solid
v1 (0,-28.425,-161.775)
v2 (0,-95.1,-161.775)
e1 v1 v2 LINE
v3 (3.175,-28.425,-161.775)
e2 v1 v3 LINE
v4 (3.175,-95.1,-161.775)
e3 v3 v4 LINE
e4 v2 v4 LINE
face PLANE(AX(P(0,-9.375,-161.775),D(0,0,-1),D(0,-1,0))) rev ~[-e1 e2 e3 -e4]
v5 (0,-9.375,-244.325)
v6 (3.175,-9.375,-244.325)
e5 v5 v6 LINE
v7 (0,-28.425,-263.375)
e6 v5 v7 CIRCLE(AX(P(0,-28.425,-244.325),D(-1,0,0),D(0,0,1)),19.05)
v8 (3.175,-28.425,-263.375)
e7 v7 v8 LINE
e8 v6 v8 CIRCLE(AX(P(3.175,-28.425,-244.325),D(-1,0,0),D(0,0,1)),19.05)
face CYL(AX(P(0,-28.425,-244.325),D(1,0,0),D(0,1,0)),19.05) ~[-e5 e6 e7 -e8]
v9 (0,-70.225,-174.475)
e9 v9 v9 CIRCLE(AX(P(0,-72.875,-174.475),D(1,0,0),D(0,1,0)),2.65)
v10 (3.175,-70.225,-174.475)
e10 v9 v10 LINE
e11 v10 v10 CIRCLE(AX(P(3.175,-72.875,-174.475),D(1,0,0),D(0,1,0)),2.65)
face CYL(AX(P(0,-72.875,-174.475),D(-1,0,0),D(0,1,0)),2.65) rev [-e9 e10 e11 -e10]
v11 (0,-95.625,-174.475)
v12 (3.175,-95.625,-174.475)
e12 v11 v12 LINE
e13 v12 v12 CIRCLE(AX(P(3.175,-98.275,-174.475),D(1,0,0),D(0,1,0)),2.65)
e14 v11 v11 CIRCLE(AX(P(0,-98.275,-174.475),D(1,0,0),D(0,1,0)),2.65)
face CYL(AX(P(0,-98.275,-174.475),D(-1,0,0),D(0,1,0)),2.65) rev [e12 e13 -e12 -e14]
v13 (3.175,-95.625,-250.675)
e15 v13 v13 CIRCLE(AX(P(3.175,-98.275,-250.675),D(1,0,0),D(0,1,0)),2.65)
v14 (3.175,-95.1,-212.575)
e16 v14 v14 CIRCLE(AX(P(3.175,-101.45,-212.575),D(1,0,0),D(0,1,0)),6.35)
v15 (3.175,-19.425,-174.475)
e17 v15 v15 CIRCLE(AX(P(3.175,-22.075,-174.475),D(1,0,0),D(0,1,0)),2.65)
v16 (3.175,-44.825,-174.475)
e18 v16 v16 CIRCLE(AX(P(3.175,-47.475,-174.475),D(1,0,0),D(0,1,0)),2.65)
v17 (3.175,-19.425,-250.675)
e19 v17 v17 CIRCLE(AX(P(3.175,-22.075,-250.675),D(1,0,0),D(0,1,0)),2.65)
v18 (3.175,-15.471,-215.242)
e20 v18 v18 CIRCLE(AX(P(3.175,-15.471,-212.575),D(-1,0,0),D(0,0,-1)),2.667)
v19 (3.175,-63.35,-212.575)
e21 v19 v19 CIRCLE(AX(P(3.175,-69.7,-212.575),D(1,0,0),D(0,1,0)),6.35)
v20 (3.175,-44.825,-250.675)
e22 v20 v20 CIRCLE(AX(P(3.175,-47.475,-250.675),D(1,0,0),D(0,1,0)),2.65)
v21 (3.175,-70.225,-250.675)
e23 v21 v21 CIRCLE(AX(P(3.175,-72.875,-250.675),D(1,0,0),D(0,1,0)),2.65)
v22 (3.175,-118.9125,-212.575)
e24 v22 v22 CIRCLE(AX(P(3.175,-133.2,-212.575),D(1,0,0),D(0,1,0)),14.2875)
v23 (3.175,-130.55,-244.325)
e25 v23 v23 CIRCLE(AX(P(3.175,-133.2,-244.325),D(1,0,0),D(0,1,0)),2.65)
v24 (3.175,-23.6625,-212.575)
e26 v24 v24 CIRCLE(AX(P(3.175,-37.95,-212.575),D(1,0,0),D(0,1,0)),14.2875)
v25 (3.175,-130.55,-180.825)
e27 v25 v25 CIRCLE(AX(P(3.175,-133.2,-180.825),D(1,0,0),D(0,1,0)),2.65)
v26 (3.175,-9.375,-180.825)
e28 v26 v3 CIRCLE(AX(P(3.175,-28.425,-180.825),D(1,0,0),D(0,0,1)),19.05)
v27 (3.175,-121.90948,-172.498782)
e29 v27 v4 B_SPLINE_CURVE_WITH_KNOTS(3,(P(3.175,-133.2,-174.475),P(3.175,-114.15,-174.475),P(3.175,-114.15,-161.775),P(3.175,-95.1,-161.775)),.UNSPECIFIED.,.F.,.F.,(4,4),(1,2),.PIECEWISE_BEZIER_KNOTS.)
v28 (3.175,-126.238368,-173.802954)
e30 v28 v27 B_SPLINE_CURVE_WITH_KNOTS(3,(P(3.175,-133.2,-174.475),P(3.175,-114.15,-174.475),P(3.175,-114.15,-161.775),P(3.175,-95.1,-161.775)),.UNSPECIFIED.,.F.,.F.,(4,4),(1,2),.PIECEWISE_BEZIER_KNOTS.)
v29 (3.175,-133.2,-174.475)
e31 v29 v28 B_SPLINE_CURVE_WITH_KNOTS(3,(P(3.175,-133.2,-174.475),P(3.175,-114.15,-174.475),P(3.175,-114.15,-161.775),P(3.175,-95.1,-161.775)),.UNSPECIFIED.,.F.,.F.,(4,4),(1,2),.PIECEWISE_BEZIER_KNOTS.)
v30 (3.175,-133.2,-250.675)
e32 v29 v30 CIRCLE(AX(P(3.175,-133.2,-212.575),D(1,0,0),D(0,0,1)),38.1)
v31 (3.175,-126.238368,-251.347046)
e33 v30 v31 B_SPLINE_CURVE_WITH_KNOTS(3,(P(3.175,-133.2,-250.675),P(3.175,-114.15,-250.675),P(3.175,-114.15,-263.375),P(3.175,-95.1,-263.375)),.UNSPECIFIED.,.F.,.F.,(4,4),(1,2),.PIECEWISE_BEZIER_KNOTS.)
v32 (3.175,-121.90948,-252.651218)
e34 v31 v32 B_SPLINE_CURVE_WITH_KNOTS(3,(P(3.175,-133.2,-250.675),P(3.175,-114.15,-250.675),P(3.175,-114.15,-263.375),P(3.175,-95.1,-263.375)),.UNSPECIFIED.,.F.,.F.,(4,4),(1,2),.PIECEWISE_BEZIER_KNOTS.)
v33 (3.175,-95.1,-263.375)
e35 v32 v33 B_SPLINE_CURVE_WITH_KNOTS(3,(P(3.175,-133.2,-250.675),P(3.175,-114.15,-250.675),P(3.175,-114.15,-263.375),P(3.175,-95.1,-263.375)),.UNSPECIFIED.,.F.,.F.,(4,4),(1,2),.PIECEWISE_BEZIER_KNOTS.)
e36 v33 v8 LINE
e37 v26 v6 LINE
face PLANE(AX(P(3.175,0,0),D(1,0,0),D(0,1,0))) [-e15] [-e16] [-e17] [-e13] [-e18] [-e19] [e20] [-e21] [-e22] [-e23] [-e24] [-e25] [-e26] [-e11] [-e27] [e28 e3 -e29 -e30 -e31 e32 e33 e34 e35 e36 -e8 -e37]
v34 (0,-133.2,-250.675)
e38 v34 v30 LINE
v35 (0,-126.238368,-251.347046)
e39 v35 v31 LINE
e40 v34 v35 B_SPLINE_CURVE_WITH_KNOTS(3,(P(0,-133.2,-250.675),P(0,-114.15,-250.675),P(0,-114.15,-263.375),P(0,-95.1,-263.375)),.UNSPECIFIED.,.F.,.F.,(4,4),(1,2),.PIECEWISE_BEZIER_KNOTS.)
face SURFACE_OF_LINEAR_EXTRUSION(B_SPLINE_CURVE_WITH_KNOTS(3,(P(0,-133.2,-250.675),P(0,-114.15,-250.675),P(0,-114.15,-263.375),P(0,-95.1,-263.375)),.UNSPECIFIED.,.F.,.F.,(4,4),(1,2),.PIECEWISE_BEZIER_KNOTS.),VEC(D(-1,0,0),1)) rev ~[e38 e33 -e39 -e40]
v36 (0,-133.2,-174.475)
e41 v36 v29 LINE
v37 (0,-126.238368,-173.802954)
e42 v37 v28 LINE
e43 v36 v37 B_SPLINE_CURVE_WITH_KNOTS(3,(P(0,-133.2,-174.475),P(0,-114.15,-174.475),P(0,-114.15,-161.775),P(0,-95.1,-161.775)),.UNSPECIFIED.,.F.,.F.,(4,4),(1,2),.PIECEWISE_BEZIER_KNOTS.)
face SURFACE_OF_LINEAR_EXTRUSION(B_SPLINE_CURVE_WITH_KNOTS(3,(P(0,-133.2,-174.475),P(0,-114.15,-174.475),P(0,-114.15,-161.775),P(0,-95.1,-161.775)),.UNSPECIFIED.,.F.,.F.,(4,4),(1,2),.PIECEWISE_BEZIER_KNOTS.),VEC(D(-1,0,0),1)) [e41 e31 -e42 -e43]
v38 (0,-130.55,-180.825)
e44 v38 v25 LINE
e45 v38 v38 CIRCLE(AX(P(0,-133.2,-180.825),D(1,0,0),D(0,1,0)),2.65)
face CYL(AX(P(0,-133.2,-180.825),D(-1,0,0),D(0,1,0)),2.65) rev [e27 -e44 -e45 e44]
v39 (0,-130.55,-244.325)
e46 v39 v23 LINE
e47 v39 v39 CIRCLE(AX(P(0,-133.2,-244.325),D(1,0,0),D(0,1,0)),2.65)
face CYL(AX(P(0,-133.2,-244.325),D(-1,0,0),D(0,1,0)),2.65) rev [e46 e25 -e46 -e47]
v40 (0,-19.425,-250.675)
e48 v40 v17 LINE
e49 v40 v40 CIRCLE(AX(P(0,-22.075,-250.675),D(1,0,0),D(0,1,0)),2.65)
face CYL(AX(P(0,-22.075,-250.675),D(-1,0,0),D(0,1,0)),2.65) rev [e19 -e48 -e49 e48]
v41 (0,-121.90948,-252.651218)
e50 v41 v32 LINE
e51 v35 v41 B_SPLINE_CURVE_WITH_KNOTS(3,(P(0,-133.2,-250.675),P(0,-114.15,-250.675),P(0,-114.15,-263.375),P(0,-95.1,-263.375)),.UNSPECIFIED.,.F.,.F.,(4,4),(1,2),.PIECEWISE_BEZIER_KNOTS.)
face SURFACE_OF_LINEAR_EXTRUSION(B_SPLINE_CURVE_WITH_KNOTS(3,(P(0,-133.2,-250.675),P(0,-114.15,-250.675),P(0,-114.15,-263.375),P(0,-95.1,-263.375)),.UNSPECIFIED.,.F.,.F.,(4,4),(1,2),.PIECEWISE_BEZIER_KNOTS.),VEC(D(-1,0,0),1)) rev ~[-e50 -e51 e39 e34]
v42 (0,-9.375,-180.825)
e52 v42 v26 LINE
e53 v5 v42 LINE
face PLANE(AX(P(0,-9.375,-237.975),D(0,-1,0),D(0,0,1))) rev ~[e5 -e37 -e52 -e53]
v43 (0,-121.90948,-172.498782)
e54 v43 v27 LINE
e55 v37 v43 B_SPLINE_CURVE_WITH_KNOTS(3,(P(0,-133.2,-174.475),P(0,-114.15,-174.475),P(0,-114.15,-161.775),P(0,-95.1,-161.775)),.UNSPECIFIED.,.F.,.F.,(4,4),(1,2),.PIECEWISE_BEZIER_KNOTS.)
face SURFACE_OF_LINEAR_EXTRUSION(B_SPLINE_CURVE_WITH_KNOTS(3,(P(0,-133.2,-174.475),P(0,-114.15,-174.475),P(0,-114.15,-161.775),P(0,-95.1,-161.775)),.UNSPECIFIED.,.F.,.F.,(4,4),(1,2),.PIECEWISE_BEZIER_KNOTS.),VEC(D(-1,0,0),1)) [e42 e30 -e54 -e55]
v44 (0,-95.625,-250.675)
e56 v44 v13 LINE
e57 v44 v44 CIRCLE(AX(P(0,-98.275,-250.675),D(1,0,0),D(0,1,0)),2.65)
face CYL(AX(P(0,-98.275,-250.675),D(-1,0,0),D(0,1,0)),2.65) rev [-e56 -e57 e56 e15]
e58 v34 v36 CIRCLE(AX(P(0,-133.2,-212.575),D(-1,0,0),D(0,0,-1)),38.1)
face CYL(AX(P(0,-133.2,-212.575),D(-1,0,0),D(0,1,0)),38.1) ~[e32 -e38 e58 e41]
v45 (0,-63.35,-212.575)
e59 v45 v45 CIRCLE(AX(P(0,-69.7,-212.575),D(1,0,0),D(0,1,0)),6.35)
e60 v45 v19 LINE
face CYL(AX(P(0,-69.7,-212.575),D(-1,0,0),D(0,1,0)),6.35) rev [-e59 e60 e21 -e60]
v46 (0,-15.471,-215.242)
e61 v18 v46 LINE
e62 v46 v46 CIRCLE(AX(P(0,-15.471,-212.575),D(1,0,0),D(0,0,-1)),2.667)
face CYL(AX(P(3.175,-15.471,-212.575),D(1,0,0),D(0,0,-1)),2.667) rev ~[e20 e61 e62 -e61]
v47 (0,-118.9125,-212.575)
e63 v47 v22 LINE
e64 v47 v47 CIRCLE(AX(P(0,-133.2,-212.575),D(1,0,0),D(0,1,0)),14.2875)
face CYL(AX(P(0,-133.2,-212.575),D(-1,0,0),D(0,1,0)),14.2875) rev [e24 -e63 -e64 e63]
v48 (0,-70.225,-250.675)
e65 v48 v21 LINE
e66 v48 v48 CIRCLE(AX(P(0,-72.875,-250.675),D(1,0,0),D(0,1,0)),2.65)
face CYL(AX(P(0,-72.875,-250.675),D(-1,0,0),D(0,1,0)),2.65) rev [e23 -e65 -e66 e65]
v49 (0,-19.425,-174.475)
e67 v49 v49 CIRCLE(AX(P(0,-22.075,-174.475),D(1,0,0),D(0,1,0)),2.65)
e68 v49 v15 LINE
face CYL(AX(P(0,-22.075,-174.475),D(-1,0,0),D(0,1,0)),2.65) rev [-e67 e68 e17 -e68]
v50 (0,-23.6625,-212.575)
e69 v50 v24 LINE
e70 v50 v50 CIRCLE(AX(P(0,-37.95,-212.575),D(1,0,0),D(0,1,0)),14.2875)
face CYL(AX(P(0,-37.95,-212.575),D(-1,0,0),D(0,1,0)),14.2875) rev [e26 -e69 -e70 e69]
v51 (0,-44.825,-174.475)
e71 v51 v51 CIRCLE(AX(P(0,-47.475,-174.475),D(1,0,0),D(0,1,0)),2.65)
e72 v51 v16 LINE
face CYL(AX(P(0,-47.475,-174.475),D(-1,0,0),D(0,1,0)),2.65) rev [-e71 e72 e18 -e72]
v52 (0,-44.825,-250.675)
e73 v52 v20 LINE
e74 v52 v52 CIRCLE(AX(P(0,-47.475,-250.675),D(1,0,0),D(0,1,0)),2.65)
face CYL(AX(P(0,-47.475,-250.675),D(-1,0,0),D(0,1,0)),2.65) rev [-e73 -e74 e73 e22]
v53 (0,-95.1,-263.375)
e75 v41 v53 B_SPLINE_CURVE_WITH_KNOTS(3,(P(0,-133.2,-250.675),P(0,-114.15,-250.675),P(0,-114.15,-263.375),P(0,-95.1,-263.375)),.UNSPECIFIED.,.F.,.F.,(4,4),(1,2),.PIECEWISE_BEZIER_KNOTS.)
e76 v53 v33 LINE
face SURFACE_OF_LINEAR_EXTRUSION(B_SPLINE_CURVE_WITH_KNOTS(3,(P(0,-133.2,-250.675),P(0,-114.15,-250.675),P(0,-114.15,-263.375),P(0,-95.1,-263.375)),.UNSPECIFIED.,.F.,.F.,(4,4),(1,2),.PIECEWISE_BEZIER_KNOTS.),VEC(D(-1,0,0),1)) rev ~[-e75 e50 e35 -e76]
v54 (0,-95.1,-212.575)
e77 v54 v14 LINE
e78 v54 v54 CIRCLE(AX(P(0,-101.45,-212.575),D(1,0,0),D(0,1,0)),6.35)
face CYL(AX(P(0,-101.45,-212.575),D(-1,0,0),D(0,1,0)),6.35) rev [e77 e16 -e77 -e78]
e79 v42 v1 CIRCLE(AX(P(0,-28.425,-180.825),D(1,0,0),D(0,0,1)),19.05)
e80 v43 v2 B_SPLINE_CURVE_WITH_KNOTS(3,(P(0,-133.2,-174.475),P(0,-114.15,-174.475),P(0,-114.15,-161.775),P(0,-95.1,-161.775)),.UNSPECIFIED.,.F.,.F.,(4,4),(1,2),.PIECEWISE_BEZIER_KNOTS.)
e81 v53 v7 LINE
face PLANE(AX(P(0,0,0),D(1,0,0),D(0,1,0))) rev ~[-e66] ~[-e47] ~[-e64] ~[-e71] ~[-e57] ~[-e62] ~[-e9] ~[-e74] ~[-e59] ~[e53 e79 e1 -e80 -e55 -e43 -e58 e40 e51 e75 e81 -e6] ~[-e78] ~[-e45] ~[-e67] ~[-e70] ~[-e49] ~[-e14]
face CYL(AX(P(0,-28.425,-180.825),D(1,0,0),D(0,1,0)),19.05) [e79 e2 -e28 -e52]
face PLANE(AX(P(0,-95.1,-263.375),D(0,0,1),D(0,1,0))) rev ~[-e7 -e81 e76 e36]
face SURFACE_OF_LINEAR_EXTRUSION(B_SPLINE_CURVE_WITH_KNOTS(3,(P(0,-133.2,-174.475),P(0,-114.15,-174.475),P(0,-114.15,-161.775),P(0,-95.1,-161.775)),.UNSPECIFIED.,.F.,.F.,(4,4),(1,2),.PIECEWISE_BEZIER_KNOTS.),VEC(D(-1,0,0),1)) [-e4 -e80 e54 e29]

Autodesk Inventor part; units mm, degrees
ref_plane "YZ Plane" through (0, 0, 0) normal (1, 0, 0) x (0, 1, 0)
ref_plane "XZ Plane" through (0, 0, 0) normal (0, 1, 0) x (-1, 0, 0)
ref_plane "XY Plane" through (0, 0, 0) normal (0, 0, 1) x (1, 0, 0)
sketch "Sketch1" plane through (0, 0, 0) normal (1, 0, 0) x (0, 1, 0)
  line L0 (0, 0) -> (101.6, 0)
  line L1 (101.6, 0) -> (101.6, -152.4)
  line L2 (101.6, -152.4) -> (0, -152.4)
  line L3 (0, -152.4) -> (0, 0)
  circle A0 centre (50.8, -28.575) radius 14.2875
  circle A1 centre (50.8, -60.325) radius 6.35
  circle A2 centre (50.8, -92.075) radius 6.35
  circle A3 centre (50.8, -123.825) radius 14.2875
  line L4 (50.8, -28.575) -> (50.8, -123.825) construction
  circle A4 centre (88.9, -12.7) radius 2.65
  circle A5 centre (88.9, -38.1) radius 2.65
  circle A6 centre (88.9, -63.5) radius 2.65
  circle A7 centre (88.9, -88.9) radius 2.65
  circle A8 centre (88.9, -114.3) radius 2.65
  circle A9 centre (88.9, -139.7) radius 2.65
  circle A10 centre (12.7, -12.7) radius 2.65
  circle A11 centre (12.7, -38.1) radius 2.65
  circle A12 centre (12.7, -63.5) radius 2.65
  circle A13 centre (12.7, -88.9) radius 2.65
  circle A14 centre (12.7, -114.3) radius 2.65
  circle A15 centre (12.7, -139.7) radius 2.65
  line L5 (76.2, -152.4) -> (76.2, -508.635)
  line L6 (25.4, -187.175) -> (25.4, -152.4)
  circle A16 centre (50.8, -212.575) radius 6.35
  line L7 (50.8, -212.575) -> (-444.4159, 282.6409) construction
  line L8 (50.8, -212.575) -> (751.141, -212.575) construction
  line L9 (-161.775, -263.375) -> (-9.375, -263.375)
  line L10 (-9.375, -263.375) -> (-9.375, -161.775)
  line L11 (-9.375, -161.775) -> (-161.775, -161.775)
  circle A17 centre (-133.2, -212.575) radius 14.2875
  circle A18 centre (-101.45, -212.575) radius 6.35
  circle A19 centre (-69.7, -212.575) radius 6.35
  circle A20 centre (-37.95, -212.575) radius 14.2875
  line L12 (-133.2, -212.575) -> (-37.95, -212.575) construction
  circle A21 centre (-149.075, -250.675) radius 2.65
  circle A22 centre (-123.675, -250.675) radius 2.65
  circle A23 centre (-98.275, -250.675) radius 2.65
  circle A24 centre (-72.875, -250.675) radius 2.65
  circle A25 centre (-47.475, -250.675) radius 2.65
  circle A26 centre (-22.075, -250.675) radius 2.65
  circle A27 centre (-149.075, -174.475) radius 2.65
  circle A28 centre (-123.675, -174.475) radius 2.65
  circle A29 centre (-98.275, -174.475) radius 2.65
  circle A30 centre (-72.875, -174.475) radius 2.65
  circle A31 centre (-47.475, -174.475) radius 2.65
  circle A32 centre (-22.075, -174.475) radius 2.65
  line L13 (-9.375, -237.975) -> (346.86, -237.975)
  line L14 (25.4, -187.175) -> (-9.375, -187.175)
  circle A33 centre (50.8, -212.575) radius 6.35
  line L15 (50.8, -212.575) -> (50.8, -912.916) construction
  line L16 (76.2, -237.975) -> (346.86, -237.975)
  line L17 (76.2, -508.635) -> (76.2, -237.975)
  line L18 (-161.775, -161.775) -> (-161.775, -263.375)
  circle A34 centre (50.8, -28.575) radius 25.4 construction
  circle A35 centre (50.8, -28.575) radius 38.1
  circle A36 centre (82.55, -28.575) radius 2.65
  circle A37 centre (19.05, -28.575) radius 2.65
  line L19 (88.9, -28.575) -> (88.9, -47.625) construction
  line L20 (88.9, -47.625) -> (101.6, -47.625) construction
  line L21 (101.6, -47.625) -> (101.6, -66.675) construction
  spline S0 degree 3 poles (88.9, -28.575) (88.9, -47.625) (101.6, -47.625) (101.6, -66.675) knots 1 1 1 1 2 2 2 2
  line L22 (12.7, -28.575) -> (12.7, -47.625) construction
  line L23 (12.7, -47.625) -> (0, -47.625) construction
  line L24 (0, -47.625) -> (0, -66.675) construction
  spline S1 degree 3 poles (12.7, -28.575) (12.7, -47.625) (0, -47.625) (0, -66.675) knots 1 1 1 1 2 2 2 2
  spline S2 degree 3 poles (-133.2, -174.475) (-114.15, -174.475) (-114.15, -161.775) (-95.1, -161.775) knots 1 1 1 1 2 2 2 2
  line L25 (-133.2, -174.475) -> (-114.15, -174.475) construction
  line L26 (-114.15, -174.475) -> (-114.15, -161.775) construction
  line L27 (-114.15, -161.775) -> (-95.1, -161.775) construction
  circle A38 centre (-133.2, -212.575) radius 38.1
  circle A39 centre (-133.2, -180.825) radius 2.65
  spline S3 degree 3 poles (-133.2, -250.675) (-114.15, -250.675) (-114.15, -263.375) (-95.1, -263.375) knots 1 1 1 1 2 2 2 2
  line L28 (-133.2, -250.675) -> (-114.15, -250.675) construction
  line L29 (-114.15, -250.675) -> (-114.15, -263.375) construction
  line L30 (-114.15, -263.375) -> (-95.1, -263.375) construction
  circle A40 centre (-133.2, -244.325) radius 2.65
  point P0 (101.6, -76.2)
  point P1 (50.8, -76.2)
  point P2 (50.8, -152.4)
  point P3 (-85.575, -263.375)
  point P4 (-85.575, -212.575)
  point P5 (-9.375, -212.575)
  point P6 (63.5, -470.535)
  point P7 (0, -66.675)
  point P8 (-126.2384, -251.347)
  point P9 (-121.9095, -252.6512)
  dimension "d32" = 76.2
  dimension "d0" = 101.6
  dimension "d1" = 152.4
  dimension "d2" = 28.575
  dimension "d3" = 12.7
  dimension "d4" = 12.7
  dimension "d5" = 28.575
  dimension "d6" = 31.75
  dimension "d7" = 31.75
  dimension "d8" = 31.75
  dimension "d9" = 5.3
  dimension "d10" = 12.7
  dimension "d11" = 12.7
  dimension "d14" = 25.4
  dimension "d17" = 76.2
  dimension "d22" = 12.7
  dimension "d24" = 184
  dimension "d25" = 25.4
  dimension "d26" = 50.8
  dimension "d27" = 135
  dimension "d31" = 50.8
  dimension "d33" = 31.75
  dimension "d34" = 31.75
  dimension "d35" = 19.05
  dimension "d36" = 19.05
  dimension "d39" = 90
  dimension "d41" = 31.75
extrude "Extrusion1" add sketch "Sketch1" along normal blind 3.175 contours L10 L9 S3 A22 A38 A28 S2 L11 | A28 A38 S2 | S3 A22 A38 | A38 A28 A22 L18 | L18 A38 | A28 A38 S2 | S3 A38 A22 | A28 A38 | A22 A38
fillet "Fillet3" radius 19.05 2 edges at (1.5875, -9.375, -161.775) (1.5875, -9.375, -263.375)
sketch "Sketch3" plane through (3.175, 0, 0) normal (1, 0, 0) x (0, 0, -1)
  line L0 (244.325, -9.375) -> (180.825, -9.375) projected
  line L1 (212.575, -9.375) -> (212.575, -15.471)
  circle A0 centre (212.575, -15.471) radius 2.667
  point P0 (0, 0)
  dimension "d43" = 6.096
  dimension "d44" = 5.334
extrude "Extrusion2" cut sketch "Sketch3" against normal blind 25.4
equation "\"d7\" = d6"
equation "\"d8\" = d7"
properties part number "L1Plate" material "Aluminum 6061"
